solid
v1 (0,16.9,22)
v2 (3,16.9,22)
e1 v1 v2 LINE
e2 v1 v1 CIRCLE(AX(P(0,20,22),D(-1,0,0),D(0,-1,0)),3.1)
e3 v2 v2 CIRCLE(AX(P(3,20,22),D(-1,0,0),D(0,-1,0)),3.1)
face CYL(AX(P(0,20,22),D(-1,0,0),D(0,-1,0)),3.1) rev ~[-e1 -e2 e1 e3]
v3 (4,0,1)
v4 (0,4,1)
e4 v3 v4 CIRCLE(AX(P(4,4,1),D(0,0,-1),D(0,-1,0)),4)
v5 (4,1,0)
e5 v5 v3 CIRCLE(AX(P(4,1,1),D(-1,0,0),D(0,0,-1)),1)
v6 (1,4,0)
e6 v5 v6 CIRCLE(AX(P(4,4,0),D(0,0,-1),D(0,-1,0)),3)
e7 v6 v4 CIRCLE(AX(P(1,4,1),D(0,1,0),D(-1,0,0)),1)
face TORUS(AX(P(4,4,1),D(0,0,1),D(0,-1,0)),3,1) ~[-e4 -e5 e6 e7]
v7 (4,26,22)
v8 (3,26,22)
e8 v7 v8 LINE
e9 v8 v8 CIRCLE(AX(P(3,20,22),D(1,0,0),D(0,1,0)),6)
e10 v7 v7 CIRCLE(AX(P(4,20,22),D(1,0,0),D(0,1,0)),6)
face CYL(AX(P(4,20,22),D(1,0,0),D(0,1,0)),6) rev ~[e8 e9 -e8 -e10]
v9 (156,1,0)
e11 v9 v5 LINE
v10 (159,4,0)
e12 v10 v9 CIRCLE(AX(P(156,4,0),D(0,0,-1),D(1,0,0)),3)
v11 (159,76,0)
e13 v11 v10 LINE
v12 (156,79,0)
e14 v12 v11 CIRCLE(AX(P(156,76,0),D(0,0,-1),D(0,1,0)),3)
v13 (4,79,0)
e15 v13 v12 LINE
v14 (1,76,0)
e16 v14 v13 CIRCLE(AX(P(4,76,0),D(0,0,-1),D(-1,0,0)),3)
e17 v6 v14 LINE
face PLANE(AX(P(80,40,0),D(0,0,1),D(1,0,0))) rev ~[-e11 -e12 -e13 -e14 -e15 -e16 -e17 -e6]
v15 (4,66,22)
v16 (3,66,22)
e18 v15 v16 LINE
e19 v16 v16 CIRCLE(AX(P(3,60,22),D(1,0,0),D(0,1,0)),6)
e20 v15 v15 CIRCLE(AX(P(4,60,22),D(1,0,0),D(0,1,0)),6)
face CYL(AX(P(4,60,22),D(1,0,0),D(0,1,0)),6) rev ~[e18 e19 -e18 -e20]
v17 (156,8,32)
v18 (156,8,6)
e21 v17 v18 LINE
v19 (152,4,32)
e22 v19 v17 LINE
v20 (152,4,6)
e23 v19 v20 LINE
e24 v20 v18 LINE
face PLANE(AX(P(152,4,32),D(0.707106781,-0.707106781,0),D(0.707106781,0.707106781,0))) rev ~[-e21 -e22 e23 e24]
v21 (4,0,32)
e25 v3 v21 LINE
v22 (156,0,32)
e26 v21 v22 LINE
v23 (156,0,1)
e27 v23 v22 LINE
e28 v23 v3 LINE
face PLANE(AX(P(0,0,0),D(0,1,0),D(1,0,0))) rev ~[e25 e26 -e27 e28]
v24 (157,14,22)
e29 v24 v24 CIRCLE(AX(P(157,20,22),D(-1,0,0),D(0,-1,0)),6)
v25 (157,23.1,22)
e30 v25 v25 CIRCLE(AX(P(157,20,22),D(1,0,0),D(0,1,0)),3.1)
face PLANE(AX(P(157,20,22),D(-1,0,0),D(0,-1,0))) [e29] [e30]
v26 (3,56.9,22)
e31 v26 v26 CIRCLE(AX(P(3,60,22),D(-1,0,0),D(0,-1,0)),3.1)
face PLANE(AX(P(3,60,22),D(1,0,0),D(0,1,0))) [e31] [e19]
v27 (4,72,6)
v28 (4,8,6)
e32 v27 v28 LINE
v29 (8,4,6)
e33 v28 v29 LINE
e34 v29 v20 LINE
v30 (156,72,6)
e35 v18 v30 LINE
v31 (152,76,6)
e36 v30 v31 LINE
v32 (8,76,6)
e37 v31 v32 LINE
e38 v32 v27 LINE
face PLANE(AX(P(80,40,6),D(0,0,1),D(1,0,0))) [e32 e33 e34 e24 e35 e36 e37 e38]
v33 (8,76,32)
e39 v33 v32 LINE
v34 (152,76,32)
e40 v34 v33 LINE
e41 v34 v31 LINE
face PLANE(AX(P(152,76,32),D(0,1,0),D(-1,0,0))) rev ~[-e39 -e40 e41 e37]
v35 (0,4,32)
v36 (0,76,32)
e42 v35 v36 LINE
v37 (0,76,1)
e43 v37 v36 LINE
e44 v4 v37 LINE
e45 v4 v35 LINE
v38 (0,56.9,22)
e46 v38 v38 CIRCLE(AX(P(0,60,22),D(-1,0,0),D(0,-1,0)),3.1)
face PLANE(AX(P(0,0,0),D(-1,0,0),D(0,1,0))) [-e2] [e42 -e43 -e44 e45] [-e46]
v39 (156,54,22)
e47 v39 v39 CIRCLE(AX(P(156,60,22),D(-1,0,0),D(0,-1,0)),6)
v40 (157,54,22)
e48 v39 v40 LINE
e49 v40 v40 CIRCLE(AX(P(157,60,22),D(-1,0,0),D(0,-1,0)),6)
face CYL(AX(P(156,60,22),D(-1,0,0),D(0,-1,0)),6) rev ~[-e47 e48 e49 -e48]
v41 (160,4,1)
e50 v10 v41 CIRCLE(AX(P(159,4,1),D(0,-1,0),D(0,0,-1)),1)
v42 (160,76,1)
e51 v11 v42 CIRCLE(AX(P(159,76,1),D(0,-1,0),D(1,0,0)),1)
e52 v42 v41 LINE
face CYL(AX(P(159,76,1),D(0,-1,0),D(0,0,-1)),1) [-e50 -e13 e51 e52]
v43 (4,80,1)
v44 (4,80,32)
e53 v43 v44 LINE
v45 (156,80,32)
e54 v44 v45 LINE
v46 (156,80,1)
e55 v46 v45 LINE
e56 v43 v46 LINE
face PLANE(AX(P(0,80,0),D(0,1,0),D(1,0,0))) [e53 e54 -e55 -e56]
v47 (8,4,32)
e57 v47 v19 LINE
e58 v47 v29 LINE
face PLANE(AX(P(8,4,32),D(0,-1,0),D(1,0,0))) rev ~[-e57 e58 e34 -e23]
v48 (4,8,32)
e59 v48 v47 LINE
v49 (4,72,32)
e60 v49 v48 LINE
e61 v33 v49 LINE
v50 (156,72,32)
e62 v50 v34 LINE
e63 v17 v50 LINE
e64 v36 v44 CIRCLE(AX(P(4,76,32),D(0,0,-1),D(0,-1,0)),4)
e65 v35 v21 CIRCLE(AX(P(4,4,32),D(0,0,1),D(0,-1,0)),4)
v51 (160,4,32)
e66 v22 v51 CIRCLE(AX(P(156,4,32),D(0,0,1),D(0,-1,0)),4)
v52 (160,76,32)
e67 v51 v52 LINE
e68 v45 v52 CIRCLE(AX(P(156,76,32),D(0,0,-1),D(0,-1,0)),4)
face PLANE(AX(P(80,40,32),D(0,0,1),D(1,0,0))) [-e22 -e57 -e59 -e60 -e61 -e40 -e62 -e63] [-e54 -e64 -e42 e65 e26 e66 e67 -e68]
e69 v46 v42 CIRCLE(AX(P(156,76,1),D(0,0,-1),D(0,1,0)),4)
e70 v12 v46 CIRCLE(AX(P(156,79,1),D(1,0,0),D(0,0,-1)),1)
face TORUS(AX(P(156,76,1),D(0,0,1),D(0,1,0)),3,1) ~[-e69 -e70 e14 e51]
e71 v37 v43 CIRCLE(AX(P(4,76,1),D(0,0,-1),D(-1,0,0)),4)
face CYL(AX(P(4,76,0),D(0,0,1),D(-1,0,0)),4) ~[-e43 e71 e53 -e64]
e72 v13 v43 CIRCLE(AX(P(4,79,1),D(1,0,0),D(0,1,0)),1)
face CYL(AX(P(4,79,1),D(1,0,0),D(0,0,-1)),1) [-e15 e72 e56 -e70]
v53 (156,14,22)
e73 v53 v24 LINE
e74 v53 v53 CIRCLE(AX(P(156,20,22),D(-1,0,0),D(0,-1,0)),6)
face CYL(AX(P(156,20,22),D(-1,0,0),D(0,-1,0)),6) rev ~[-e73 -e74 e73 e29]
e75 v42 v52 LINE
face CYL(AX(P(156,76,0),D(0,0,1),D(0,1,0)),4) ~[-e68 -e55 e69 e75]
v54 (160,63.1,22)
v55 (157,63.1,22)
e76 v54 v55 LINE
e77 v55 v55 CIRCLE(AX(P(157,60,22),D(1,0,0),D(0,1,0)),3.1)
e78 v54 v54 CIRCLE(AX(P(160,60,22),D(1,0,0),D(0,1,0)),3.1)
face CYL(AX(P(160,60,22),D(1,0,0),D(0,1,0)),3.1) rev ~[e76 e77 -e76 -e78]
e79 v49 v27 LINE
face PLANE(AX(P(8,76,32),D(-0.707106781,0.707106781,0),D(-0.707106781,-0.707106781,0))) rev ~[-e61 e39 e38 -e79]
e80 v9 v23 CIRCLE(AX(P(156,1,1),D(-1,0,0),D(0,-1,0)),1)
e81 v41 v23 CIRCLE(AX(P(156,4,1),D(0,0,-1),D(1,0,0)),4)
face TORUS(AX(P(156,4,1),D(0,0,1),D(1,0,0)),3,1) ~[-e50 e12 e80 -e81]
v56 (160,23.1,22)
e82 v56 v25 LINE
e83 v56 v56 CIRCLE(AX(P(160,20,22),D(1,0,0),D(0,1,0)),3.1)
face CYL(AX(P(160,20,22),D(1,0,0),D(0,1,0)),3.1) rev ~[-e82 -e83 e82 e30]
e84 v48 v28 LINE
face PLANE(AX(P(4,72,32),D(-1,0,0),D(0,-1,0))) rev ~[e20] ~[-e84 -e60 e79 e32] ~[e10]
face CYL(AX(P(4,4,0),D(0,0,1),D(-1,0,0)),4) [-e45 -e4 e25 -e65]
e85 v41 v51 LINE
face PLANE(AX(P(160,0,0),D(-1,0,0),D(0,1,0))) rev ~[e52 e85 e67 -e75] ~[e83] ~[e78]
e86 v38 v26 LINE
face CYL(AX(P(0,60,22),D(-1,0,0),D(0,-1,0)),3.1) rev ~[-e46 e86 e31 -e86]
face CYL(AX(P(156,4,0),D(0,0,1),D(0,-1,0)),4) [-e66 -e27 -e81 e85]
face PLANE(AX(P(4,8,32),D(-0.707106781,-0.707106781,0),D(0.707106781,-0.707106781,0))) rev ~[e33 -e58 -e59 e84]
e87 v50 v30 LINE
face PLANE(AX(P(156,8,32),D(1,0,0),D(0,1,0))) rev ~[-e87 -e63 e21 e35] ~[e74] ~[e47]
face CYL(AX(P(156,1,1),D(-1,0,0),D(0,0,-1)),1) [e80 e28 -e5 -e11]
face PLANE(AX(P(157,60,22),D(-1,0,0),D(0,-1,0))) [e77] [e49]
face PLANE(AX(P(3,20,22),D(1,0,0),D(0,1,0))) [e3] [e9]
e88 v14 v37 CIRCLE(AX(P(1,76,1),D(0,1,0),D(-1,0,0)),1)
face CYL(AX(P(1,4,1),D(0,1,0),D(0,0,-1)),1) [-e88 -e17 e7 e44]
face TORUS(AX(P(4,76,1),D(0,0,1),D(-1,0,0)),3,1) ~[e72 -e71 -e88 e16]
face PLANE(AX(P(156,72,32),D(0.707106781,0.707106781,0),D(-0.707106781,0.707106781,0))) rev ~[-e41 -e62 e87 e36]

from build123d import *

# Parameters (mm, degrees)
SKETCH_W        = 160
SKETCH_H        = 80
PAD_DEPTH       = 32
POCKET_DEPTH    = 26
SKETCH002_R     = 6
POCKET001_DEPTH = 1
SKETCH003_R     = 6
POCKET002_DEPTH = 1
SKETCH004_R     = 3.1
POCKET003_DEPTH = 4
SKETCH005_R     = 3.1
POCKET004_DEPTH = 4
FILLET_R        = 4
FILLET001_R     = 1


with BuildPart() as part:
    # Sketch → Pad (new body)
    with BuildSketch(Plane.XY):
        with Locations((80, 40)):
            Rectangle(SKETCH_W, SKETCH_H)
    extrude(amount=PAD_DEPTH)

    # Sketch001 (on Face6 of Pad) → Pocket (cut)
    with BuildSketch(Plane.XY.offset(32)):
        Polygon((8, 76), (4, 72), (4, 8), (8, 4), (152, 4), (156, 8), (156, 72), (152, 76), align=None)
    extrude(amount=-POCKET_DEPTH, mode=Mode.SUBTRACT)

    # Sketch002 (on Face7 of Pocket) → Pocket001 (cut)
    with BuildSketch(Plane.YZ.offset(4)):
        with Locations((20, 22)):
            Circle(SKETCH002_R)
        with Locations((60, 22)):
            Circle(SKETCH002_R)
    extrude(amount=-POCKET001_DEPTH, mode=Mode.SUBTRACT)

    # Sketch003 (on Face11 of Pocket001) → Pocket002 (cut)
    with BuildSketch(Plane(origin=(156, 0, 0), x_dir=(0, -1, 0), z_dir=(-1, 0, 0))):
        with Locations((-20, 22)):
            Circle(SKETCH003_R)
        with Locations((-60, 22)):
            Circle(SKETCH003_R)
    extrude(amount=-POCKET002_DEPTH, mode=Mode.SUBTRACT)

    # Sketch004 (on Face3 of Pocket002) → Pocket003 (cut)
    with BuildSketch(Plane.YZ.offset(160)):
        with Locations((20, 22)):
            Circle(SKETCH004_R)
        with Locations((60, 22)):
            Circle(SKETCH004_R)
    extrude(amount=-POCKET003_DEPTH, mode=Mode.SUBTRACT)

    # Sketch005 (on Face2 of Pocket003) → Pocket004 (cut)
    with BuildSketch(Plane(origin=(0, 0, 0), x_dir=(0, -1, 0), z_dir=(-1, 0, 0))):
        with Locations((-60, 22)):
            Circle(SKETCH005_R)
        with Locations((-20, 22)):
            Circle(SKETCH005_R)
    extrude(amount=-POCKET004_DEPTH, mode=Mode.SUBTRACT)

    # Fillet
    fillet_edges = [part.edges().sort_by_distance(p)[0] for p in [
        (160, 80, 16),
        (0, 80, 16),
        (0, 0, 16),
        (160, 0, 16),
    ]]
    fillet(fillet_edges, radius=FILLET_R)

    # Fillet001
    fillet001_edges = [part.edges().sort_by_distance(p)[0] for p in [
        (1.171573, 78.828427, 0),
        (0, 40, 0),
        (80, 80, 0),
        (1.171573, 1.171573, 0),
        (80, 0, 0),
        (158.828427, 1.171573, 0),
        (160, 40, 0),
        (158.828427, 78.828427, 0),
    ]]
    fillet(fillet001_edges, radius=FILLET001_R)


solid = part.part
